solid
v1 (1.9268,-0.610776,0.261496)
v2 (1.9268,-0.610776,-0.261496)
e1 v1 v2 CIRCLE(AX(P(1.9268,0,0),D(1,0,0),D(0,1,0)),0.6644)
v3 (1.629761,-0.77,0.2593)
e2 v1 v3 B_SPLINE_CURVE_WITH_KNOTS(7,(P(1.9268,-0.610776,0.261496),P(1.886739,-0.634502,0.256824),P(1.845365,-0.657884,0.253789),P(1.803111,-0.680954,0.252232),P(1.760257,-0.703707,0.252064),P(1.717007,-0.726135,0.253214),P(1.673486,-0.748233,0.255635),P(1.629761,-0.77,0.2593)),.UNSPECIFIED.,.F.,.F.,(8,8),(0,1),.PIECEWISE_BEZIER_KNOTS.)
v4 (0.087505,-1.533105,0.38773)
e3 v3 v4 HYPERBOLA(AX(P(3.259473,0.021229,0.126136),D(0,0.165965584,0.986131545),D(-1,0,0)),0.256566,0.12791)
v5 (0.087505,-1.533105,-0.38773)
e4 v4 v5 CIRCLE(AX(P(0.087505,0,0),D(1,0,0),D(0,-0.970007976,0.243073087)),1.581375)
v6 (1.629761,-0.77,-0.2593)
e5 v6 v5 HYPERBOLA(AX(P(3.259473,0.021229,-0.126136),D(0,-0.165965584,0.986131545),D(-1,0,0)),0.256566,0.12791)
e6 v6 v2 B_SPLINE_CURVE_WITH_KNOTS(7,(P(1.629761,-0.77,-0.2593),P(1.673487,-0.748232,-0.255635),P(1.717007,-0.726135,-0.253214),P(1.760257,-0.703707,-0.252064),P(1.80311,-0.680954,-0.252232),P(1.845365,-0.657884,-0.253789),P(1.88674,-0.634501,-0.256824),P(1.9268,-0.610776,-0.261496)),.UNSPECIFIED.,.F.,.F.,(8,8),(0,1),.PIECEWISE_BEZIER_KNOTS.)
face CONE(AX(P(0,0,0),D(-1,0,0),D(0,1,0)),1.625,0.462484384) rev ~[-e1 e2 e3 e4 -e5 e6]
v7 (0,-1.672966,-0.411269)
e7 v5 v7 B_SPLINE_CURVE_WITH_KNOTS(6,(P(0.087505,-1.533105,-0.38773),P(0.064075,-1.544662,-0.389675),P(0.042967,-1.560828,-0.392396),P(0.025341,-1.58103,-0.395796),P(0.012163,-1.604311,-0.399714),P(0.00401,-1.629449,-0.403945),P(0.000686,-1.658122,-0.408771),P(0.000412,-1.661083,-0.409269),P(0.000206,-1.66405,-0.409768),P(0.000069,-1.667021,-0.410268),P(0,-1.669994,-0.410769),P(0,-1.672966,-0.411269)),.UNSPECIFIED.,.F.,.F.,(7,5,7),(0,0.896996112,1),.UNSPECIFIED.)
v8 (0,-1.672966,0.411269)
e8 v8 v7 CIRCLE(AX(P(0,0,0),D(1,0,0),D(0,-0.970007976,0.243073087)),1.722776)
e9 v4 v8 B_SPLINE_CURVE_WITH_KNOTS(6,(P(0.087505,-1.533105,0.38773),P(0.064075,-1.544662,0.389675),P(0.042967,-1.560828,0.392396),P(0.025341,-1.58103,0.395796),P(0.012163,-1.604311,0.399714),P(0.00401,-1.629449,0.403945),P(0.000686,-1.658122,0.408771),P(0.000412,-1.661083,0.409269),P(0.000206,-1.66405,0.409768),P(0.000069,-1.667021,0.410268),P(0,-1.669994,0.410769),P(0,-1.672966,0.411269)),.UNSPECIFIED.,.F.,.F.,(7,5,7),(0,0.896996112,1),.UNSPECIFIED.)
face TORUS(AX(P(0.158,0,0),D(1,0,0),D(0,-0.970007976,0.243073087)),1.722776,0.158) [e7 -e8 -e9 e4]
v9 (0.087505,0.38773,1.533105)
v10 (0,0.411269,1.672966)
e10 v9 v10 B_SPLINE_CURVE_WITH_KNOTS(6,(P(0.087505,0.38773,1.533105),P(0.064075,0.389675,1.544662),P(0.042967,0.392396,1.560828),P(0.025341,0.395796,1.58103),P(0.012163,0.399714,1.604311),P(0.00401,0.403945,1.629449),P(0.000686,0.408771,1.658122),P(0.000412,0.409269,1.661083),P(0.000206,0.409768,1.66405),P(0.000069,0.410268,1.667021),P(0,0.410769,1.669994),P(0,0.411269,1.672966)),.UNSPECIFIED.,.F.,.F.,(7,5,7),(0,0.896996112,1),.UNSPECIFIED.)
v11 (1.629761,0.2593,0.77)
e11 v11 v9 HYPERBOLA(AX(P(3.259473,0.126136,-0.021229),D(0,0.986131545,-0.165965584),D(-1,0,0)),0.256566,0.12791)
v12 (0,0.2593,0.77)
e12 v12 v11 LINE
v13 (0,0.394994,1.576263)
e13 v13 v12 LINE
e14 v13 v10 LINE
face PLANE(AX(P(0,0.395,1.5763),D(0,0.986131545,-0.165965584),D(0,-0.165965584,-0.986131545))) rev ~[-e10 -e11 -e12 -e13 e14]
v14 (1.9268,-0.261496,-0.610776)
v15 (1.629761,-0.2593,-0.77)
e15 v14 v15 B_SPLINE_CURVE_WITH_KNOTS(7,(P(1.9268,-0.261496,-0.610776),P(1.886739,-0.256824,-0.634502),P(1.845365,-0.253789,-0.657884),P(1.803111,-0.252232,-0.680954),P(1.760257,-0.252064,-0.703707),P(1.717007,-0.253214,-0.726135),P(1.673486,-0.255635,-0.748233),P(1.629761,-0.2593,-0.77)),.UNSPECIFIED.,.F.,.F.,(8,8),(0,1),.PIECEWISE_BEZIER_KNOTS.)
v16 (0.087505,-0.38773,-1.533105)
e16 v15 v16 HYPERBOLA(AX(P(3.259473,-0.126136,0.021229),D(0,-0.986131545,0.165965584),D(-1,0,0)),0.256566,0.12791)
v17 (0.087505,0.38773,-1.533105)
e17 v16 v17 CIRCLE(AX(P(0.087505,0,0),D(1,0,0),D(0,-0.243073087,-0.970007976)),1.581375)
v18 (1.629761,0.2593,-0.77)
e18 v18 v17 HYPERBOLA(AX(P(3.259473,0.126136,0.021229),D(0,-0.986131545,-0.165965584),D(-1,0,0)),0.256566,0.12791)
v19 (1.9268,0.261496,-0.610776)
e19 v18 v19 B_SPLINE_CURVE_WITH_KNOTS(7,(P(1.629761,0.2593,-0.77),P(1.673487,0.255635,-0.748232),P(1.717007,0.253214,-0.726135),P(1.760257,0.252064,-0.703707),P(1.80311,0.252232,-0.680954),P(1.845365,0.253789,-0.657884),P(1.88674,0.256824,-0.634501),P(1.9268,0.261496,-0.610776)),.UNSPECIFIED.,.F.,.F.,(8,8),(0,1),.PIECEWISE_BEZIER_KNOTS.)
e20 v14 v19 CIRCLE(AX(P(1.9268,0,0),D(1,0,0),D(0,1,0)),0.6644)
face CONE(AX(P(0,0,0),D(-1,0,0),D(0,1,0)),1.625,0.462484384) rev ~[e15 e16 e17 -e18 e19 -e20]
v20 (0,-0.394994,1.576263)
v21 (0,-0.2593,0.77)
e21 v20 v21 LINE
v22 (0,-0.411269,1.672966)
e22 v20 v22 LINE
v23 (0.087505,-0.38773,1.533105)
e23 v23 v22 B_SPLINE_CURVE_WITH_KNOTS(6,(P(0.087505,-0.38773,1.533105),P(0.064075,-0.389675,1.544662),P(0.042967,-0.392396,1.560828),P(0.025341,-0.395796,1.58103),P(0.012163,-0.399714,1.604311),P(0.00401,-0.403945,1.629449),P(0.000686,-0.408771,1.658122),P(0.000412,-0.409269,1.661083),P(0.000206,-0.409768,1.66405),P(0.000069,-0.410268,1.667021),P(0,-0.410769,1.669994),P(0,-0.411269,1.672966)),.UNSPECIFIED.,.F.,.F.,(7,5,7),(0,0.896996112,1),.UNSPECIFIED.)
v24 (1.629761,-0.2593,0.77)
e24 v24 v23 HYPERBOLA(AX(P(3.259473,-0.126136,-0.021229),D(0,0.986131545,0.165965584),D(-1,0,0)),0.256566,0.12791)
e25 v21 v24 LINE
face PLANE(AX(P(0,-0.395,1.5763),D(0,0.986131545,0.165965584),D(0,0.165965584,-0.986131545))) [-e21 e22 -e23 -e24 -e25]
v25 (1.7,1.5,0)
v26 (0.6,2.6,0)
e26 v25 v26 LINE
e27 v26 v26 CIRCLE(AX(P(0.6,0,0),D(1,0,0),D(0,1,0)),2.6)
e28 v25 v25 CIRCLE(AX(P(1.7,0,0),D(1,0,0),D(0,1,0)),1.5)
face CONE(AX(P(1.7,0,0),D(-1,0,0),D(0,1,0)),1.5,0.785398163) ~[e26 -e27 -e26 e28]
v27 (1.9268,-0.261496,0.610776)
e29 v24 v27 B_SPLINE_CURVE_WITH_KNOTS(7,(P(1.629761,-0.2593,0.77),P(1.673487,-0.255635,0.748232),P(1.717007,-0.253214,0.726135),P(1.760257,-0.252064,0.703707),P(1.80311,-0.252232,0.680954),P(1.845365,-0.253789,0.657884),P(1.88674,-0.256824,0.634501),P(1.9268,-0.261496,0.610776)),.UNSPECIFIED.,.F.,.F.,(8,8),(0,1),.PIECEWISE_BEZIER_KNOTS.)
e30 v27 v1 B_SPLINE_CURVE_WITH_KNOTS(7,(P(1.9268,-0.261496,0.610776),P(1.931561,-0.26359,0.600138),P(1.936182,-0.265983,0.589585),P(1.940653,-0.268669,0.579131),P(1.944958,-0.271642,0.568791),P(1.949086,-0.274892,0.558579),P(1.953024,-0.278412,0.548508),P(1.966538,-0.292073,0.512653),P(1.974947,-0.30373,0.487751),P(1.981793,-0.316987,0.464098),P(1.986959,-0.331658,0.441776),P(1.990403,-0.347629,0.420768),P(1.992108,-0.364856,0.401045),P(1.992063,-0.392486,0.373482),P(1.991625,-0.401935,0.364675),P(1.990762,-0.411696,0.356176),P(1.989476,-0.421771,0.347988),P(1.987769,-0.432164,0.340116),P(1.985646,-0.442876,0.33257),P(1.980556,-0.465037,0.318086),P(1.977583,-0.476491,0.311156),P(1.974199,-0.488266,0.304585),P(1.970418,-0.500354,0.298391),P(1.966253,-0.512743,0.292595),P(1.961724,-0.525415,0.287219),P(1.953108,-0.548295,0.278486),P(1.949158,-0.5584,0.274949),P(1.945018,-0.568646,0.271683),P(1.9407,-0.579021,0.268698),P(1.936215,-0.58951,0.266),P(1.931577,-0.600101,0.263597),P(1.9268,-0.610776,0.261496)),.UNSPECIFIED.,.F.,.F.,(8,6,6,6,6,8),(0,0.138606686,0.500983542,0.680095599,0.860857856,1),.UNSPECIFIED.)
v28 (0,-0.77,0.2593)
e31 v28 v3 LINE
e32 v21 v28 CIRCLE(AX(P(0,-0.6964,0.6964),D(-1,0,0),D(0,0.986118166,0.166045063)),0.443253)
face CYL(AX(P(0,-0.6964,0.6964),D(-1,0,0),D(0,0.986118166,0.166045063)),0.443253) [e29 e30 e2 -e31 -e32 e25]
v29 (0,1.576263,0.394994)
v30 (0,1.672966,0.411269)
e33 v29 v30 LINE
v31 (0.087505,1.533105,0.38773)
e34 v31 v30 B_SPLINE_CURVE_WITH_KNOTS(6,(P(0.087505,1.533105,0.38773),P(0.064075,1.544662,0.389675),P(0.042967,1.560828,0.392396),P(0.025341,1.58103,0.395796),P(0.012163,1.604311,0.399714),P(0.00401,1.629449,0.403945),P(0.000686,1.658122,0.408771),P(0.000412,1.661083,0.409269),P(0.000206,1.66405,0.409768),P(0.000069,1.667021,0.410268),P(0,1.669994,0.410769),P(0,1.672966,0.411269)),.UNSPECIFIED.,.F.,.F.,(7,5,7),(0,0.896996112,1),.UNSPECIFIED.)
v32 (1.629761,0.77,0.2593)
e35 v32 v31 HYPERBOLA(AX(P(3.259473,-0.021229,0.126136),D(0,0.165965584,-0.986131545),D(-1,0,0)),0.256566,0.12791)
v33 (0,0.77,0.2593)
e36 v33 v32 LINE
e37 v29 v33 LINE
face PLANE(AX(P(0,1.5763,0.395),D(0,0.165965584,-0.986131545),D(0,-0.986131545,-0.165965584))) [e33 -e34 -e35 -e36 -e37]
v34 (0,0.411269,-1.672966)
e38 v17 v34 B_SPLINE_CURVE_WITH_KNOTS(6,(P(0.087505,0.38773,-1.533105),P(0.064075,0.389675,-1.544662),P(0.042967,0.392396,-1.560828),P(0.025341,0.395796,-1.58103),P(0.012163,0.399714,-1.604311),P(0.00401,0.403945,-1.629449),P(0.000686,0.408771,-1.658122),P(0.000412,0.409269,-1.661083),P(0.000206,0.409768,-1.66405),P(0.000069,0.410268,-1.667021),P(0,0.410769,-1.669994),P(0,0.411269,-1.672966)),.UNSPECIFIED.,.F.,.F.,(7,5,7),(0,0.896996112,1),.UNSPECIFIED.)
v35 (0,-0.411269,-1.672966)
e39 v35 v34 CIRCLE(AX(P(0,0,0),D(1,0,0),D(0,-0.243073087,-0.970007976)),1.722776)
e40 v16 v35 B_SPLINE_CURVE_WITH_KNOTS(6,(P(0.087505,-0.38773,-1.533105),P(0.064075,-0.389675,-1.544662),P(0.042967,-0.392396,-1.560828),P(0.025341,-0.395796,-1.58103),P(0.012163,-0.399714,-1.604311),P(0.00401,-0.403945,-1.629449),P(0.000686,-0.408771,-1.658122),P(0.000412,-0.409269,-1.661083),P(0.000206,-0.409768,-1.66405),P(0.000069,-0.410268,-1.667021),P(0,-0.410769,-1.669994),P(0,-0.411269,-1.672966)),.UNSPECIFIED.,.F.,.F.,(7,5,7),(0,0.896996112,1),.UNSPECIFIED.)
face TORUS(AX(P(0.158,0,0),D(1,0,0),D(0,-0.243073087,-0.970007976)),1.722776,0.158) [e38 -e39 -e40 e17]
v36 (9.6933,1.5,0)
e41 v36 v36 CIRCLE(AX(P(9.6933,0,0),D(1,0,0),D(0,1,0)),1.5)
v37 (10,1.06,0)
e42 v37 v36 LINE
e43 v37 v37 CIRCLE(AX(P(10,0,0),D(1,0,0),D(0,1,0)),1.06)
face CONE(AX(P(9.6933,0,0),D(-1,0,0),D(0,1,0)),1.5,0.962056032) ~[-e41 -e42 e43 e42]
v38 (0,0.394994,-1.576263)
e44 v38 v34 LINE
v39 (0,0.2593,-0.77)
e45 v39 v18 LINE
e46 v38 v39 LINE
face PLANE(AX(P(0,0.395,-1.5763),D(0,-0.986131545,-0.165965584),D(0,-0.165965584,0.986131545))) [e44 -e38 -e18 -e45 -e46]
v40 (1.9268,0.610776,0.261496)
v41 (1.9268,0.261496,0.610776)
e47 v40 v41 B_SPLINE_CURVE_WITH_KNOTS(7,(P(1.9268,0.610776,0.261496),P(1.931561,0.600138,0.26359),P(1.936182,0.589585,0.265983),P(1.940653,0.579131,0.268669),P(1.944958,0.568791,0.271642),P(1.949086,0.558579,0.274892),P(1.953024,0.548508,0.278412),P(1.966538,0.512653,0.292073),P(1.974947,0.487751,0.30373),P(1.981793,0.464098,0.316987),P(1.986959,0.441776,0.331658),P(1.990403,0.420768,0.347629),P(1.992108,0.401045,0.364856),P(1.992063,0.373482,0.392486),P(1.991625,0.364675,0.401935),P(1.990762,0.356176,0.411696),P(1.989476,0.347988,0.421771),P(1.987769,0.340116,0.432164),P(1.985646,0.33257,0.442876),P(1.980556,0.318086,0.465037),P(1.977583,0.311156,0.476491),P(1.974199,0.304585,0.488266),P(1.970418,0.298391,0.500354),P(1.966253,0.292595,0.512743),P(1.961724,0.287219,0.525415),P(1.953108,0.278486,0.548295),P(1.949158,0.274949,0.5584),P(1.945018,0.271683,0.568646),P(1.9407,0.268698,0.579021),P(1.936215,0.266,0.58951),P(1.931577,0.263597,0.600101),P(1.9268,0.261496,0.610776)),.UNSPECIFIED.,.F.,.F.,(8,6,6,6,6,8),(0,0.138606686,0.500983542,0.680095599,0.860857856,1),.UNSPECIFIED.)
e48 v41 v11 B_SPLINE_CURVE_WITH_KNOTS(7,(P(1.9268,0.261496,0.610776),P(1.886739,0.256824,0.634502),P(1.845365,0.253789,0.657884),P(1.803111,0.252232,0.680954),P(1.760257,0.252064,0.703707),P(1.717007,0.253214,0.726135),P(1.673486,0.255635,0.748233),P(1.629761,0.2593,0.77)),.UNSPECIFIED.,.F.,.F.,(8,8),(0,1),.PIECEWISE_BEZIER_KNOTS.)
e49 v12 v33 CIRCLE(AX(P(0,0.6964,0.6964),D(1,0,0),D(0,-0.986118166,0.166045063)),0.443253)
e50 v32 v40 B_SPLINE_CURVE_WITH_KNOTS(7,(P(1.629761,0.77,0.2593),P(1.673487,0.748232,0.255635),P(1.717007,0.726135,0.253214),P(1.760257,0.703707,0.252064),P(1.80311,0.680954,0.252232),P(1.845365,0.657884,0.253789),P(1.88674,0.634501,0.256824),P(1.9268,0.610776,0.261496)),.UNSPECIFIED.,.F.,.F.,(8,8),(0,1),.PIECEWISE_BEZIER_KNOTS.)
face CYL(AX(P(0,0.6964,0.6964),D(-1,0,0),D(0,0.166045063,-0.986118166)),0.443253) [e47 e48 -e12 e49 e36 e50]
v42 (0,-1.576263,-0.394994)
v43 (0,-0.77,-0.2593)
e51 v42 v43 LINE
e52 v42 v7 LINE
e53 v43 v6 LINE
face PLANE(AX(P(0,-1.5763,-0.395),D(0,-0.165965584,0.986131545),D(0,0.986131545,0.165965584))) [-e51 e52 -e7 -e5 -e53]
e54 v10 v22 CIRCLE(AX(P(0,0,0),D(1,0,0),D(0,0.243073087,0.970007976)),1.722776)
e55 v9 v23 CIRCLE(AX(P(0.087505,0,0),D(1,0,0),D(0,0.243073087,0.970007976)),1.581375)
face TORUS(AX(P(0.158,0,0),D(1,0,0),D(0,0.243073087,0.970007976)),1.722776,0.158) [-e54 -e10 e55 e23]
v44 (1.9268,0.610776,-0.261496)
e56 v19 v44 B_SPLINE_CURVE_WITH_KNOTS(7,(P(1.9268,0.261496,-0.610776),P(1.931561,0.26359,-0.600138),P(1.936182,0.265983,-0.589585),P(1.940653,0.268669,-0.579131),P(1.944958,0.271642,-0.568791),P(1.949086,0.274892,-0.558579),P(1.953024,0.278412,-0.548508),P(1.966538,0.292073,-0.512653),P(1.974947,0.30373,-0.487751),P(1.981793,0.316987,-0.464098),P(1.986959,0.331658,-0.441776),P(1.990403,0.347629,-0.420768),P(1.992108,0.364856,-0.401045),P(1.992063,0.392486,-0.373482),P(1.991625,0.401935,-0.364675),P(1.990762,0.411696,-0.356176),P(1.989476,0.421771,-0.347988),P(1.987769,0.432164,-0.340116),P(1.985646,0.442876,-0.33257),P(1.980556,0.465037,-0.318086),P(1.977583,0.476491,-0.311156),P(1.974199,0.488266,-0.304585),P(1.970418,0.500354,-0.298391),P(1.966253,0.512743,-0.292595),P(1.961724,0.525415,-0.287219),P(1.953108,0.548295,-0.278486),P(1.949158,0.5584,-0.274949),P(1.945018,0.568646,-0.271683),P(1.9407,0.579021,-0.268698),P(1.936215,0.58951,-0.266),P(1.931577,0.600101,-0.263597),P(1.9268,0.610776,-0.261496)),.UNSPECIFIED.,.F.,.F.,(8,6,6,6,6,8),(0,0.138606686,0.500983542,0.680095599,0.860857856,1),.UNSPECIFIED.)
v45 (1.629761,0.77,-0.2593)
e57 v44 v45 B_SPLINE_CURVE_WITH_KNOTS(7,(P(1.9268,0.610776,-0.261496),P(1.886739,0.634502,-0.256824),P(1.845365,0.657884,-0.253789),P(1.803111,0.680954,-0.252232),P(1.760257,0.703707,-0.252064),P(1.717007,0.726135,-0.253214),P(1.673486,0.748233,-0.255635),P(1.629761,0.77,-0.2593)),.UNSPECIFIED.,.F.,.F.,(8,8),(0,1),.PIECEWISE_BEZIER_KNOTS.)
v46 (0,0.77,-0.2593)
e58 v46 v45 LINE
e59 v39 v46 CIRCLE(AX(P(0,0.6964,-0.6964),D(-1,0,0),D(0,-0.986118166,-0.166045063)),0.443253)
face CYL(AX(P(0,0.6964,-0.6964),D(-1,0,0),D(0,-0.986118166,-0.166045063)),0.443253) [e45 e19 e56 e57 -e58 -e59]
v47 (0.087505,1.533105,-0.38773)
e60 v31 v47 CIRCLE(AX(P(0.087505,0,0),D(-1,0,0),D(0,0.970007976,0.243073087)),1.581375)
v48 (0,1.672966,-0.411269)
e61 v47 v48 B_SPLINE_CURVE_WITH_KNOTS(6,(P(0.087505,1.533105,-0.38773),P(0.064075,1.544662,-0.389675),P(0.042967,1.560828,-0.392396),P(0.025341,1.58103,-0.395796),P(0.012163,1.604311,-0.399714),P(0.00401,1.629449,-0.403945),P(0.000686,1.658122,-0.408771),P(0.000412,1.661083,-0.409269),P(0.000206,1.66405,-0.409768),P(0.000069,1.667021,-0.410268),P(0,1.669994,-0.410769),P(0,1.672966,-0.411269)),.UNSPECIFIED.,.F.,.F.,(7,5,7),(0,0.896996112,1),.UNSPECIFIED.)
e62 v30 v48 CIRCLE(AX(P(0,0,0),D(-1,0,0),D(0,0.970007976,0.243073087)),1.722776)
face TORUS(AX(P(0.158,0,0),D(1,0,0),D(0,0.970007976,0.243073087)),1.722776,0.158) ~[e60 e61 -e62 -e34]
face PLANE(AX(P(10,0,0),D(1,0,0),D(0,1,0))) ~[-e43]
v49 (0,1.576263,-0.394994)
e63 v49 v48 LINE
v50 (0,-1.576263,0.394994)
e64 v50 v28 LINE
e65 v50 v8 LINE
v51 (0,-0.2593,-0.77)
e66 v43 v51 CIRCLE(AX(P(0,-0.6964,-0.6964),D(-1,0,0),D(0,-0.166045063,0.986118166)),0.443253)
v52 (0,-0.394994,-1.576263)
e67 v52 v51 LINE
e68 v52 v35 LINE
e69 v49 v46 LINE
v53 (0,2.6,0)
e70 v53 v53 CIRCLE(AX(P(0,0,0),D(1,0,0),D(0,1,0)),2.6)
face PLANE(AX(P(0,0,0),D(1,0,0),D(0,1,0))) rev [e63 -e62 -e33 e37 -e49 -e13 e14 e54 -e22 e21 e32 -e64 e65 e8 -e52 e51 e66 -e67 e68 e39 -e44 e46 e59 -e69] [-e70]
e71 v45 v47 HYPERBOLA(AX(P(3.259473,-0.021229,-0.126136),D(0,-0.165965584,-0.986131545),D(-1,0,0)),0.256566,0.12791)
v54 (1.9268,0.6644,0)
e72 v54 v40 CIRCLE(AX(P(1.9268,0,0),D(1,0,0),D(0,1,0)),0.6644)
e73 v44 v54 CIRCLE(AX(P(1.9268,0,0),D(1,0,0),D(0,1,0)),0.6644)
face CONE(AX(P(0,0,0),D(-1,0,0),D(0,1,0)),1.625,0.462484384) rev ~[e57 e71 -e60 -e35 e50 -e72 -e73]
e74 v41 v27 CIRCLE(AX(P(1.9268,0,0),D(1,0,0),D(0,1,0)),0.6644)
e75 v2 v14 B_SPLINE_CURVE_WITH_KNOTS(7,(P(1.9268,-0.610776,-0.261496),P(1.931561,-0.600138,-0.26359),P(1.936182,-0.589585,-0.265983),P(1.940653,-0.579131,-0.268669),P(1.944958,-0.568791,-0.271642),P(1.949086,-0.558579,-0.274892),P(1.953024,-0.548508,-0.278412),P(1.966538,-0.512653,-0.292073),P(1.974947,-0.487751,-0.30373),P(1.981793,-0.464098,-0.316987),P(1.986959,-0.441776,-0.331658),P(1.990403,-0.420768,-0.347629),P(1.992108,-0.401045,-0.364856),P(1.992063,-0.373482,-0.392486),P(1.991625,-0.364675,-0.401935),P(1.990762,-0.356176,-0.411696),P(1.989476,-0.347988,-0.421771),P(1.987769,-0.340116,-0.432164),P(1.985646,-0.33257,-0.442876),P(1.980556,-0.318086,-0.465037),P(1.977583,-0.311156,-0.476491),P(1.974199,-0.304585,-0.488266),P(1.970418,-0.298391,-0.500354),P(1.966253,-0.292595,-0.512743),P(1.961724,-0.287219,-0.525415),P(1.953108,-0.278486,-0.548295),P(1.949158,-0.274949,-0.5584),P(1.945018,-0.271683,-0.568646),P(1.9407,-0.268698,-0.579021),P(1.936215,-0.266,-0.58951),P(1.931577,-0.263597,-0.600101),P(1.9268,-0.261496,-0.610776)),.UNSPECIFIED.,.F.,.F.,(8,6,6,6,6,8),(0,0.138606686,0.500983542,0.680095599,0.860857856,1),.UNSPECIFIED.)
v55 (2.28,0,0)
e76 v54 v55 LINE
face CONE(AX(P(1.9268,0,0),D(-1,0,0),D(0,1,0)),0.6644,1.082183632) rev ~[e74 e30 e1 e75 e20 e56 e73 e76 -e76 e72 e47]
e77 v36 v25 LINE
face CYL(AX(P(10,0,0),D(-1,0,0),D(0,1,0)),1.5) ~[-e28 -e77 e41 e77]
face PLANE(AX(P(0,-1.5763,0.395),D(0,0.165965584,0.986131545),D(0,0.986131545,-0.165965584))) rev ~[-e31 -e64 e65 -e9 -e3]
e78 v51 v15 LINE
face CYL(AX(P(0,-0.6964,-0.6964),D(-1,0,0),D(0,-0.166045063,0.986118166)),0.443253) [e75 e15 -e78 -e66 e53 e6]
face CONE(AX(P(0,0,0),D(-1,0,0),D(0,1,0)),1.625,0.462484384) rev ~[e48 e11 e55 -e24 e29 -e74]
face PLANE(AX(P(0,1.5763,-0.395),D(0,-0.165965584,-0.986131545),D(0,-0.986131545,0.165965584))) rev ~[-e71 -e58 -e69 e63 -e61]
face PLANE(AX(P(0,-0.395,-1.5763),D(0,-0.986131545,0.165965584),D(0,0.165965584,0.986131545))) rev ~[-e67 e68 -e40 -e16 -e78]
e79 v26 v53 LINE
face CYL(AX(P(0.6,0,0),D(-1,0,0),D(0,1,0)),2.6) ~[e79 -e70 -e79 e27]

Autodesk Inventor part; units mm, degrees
ref_plane "YZ Plane" through (0, 0, 0) normal (1, 0, 0) x (0, 1, 0)
ref_plane "XZ Plane" through (0, 0, 0) normal (0, 1, 0) x (-1, 0, 0)
sketch "Эскиз1" plane through (0, 0, 0) normal (0, 0, 1) x (1, 0, 0)
  line L0 (2.28, 0) -> (10, 0)
  line L1 (10, 0) -> (10, 1.5)
  line L2 (10, 1.5) -> (1.7, 1.5)
  line L3 (0.6, 2.6) -> (0, 2.6)
  line L4 (-2, 0) -> (12, 0) projected
  line L5 (0, -0.52) -> (0, 3.12) projected
  line L6 (0, 1.625) -> (1.9268, 0.6644)
  line L7 (1.9268, 0.6644) -> (2.28, 0)
  line L8 (1.7, 1.5) -> (0.6, 2.6)
  line L9 (0, 2.6) -> (0, 1.625)
  dimension "d2" = 3
  dimension "d3" = 5.2
  dimension "d4" = 2.28
  dimension "d5" = 3.25
  dimension "d6" = 26.5
  dimension "d7" = 62
  dimension "d13" = 45
  dimension "d14" = 1.7
  dimension "d15" = 10
revolve "Базовый элемент" add sketch "Эскиз1" angle 360 about axis through (2.28, 0, 0) along (1, 0, 0) contours L7 L6 L5 L3 L8 L2 L1 L0
sketch "Эскиз2" plane through (0, 0, 0) normal (-1, 0, 0) x (0, 0, 1)
  line L0 (0, -3.64) -> (0, 3.64) projected
  line L1 (-3.64, 0) -> (3.64, 0) projected
  line L2 (0, 1.625) -> (0, 0) construction
  line L3 (0, 0) -> (1.625, 0) construction
  arc A0 (0.5417, 0) -> (0, 0.5417) centre (0, 0) ccw
  line L4 (0, 0) -> (0.7947, 0.7947) construction
  arc A1 (0.8125, 0) -> (0, 0.8125) centre (0, 0) ccw construction
  line L5 (0.395, 1.5763) -> (0.2593, 0.77)
  line L6 (1.5763, 0.395) -> (0.77, 0.2593)
  arc A2 (0.2593, 0.77) -> (0.77, 0.2593) centre (0.6964, 0.6964) ccw
  arc A3 (1.625, 0) -> (1.5763, 0.395) centre (0, 0) ccw
  arc A4 (0.395, 1.5763) -> (0, 1.625) centre (0, 0) ccw
  arc A5 (1.5763, 0.395) -> (0.395, 1.5763) centre (0, 0) ccw
  line L7 (0.395, -1.5763) -> (0.2593, -0.77)
  line L8 (1.5763, -0.395) -> (0.77, -0.2593)
  arc A6 (0.77, -0.2593) -> (0.2593, -0.77) centre (0.6964, -0.6964) ccw
  arc A7 (1.5763, -0.395) -> (1.625, 0) centre (0, 0) ccw
  arc A8 (0, -1.625) -> (0.395, -1.5763) centre (0, 0) ccw
  arc A9 (0.395, -1.5763) -> (1.5763, -0.395) centre (0, 0) ccw
  line L9 (-0.395, 1.5763) -> (-0.2593, 0.77)
  line L10 (-1.5763, 0.395) -> (-0.77, 0.2593)
  arc A10 (-0.77, 0.2593) -> (-0.2593, 0.77) centre (-0.6964, 0.6964) ccw
  arc A11 (-1.5763, 0.395) -> (-1.625, 0) centre (0, 0) ccw
  arc A12 (0, 1.625) -> (-0.395, 1.5763) centre (0, 0) ccw
  arc A13 (-0.395, 1.5763) -> (-1.5763, 0.395) centre (0, 0) ccw
  arc A14 (-1.5763, -0.395) -> (-0.395, -1.5763) centre (0, 0) ccw
  arc A15 (-0.395, -1.5763) -> (0, -1.625) centre (0, 0) ccw
  arc A16 (-1.625, 0) -> (-1.5763, -0.395) centre (0, 0) ccw
  line L11 (-1.5763, -0.395) -> (-0.77, -0.2593)
  arc A17 (-0.2593, -0.77) -> (-0.77, -0.2593) centre (-0.6964, -0.6964) ccw
  line L12 (-0.395, -1.5763) -> (-0.2593, -0.77)
  dimension "d18" = 45
  dimension "d19" = 1.0833
  dimension "d20" = 1.625
  dimension "d21" = 3.25
  dimension "d22" = 0.395
extrude "Паз" add sketch "Эскиз2" against normal up to next contours A2 L5 A5 L6 | L9 A10 L10 A13 | L7 A6 L8 A9 | A14 L11 A17 L12
fillet "Сопряжение1" radius 0.158 4 edges at (0, 1.625, 0) (0, 0, 1.625) (0, -1.625, 0) (0, 0, -1.625)
thread "Резьба" size "M3x0.5" class "6g" standard "ISO Metric profile" length 7.1
chamfer "Фаска1" distance 0.44 distance2 0.3067 1 edges at (10, -1.5, 0) measured on face at (10, 0.3743, 0.3316)
ref_plane "Work Plane2" through (2.032, 0, 0) normal (0, 1, 0) x (1, 0, 0)
equation "\"d2\" = GD"
equation "\"d3\" = KOD"
equation "\"d4\" = INTI"
equation "\"d5\" = SDM"
equation "\"d13\" = 0.5 * SEWI"
equation "\"d14\" = KOH"
equation "\"d15\" = NLG"
equation "\"d19\" = 0.333333 * SDM"
equation "\"d20\" = 0.5 * SDM"
equation "\"d21\" = SDM"
equation "\"d22\" = 0.5 * SBR"
equation "\"d45\" = INTI"
equation "\"d25\" = 0.2 * SBR"
equation "\"d9\" = GEL"
equation "\"d11\" = -0.5 * SPD + 0.5 * GD"
equation "\"d12\" = GUL"
equation "\"GD\" = NND"
equation "\"NLG\" = 10"
equation "\"GEL\" = 7.1"
equation "\"KOD\" = 5.2"
equation "\"KOH\" = 1.7"
equation "\"SDM\" = 3.25"
equation "\"INTI\" = 2.28"
equation "\"SBR\" = 0.79"
equation "\"GUL\" = 0.61345 * PTC"
equation "\"SPD\" = 2.12"
equation "\"SEWI\" = 90deg"
equation "\"d1\" = KOH"
equation "\"d17\" = SDM"
equation "\"TOA\" = 30deg"
equation "\"KODMAX\" = 6.3"
equation "\"EPV\" = 3.15"
equation "\"THREADDIA\" = 3"
equation "\"BDM\" = 3"
equation "\"PTC\" = 0.5"
equation "\"NND\" = 3"
equation "\"GAL\" = 0.61345 * PTC"
equation "\"GD1\" = THREADDIA - 1.2269 * PTC"
properties part number "IFI 513 - M3x0,5 x 10, CRFCHMSTIM(1)" material "Сталь, мягкая"
